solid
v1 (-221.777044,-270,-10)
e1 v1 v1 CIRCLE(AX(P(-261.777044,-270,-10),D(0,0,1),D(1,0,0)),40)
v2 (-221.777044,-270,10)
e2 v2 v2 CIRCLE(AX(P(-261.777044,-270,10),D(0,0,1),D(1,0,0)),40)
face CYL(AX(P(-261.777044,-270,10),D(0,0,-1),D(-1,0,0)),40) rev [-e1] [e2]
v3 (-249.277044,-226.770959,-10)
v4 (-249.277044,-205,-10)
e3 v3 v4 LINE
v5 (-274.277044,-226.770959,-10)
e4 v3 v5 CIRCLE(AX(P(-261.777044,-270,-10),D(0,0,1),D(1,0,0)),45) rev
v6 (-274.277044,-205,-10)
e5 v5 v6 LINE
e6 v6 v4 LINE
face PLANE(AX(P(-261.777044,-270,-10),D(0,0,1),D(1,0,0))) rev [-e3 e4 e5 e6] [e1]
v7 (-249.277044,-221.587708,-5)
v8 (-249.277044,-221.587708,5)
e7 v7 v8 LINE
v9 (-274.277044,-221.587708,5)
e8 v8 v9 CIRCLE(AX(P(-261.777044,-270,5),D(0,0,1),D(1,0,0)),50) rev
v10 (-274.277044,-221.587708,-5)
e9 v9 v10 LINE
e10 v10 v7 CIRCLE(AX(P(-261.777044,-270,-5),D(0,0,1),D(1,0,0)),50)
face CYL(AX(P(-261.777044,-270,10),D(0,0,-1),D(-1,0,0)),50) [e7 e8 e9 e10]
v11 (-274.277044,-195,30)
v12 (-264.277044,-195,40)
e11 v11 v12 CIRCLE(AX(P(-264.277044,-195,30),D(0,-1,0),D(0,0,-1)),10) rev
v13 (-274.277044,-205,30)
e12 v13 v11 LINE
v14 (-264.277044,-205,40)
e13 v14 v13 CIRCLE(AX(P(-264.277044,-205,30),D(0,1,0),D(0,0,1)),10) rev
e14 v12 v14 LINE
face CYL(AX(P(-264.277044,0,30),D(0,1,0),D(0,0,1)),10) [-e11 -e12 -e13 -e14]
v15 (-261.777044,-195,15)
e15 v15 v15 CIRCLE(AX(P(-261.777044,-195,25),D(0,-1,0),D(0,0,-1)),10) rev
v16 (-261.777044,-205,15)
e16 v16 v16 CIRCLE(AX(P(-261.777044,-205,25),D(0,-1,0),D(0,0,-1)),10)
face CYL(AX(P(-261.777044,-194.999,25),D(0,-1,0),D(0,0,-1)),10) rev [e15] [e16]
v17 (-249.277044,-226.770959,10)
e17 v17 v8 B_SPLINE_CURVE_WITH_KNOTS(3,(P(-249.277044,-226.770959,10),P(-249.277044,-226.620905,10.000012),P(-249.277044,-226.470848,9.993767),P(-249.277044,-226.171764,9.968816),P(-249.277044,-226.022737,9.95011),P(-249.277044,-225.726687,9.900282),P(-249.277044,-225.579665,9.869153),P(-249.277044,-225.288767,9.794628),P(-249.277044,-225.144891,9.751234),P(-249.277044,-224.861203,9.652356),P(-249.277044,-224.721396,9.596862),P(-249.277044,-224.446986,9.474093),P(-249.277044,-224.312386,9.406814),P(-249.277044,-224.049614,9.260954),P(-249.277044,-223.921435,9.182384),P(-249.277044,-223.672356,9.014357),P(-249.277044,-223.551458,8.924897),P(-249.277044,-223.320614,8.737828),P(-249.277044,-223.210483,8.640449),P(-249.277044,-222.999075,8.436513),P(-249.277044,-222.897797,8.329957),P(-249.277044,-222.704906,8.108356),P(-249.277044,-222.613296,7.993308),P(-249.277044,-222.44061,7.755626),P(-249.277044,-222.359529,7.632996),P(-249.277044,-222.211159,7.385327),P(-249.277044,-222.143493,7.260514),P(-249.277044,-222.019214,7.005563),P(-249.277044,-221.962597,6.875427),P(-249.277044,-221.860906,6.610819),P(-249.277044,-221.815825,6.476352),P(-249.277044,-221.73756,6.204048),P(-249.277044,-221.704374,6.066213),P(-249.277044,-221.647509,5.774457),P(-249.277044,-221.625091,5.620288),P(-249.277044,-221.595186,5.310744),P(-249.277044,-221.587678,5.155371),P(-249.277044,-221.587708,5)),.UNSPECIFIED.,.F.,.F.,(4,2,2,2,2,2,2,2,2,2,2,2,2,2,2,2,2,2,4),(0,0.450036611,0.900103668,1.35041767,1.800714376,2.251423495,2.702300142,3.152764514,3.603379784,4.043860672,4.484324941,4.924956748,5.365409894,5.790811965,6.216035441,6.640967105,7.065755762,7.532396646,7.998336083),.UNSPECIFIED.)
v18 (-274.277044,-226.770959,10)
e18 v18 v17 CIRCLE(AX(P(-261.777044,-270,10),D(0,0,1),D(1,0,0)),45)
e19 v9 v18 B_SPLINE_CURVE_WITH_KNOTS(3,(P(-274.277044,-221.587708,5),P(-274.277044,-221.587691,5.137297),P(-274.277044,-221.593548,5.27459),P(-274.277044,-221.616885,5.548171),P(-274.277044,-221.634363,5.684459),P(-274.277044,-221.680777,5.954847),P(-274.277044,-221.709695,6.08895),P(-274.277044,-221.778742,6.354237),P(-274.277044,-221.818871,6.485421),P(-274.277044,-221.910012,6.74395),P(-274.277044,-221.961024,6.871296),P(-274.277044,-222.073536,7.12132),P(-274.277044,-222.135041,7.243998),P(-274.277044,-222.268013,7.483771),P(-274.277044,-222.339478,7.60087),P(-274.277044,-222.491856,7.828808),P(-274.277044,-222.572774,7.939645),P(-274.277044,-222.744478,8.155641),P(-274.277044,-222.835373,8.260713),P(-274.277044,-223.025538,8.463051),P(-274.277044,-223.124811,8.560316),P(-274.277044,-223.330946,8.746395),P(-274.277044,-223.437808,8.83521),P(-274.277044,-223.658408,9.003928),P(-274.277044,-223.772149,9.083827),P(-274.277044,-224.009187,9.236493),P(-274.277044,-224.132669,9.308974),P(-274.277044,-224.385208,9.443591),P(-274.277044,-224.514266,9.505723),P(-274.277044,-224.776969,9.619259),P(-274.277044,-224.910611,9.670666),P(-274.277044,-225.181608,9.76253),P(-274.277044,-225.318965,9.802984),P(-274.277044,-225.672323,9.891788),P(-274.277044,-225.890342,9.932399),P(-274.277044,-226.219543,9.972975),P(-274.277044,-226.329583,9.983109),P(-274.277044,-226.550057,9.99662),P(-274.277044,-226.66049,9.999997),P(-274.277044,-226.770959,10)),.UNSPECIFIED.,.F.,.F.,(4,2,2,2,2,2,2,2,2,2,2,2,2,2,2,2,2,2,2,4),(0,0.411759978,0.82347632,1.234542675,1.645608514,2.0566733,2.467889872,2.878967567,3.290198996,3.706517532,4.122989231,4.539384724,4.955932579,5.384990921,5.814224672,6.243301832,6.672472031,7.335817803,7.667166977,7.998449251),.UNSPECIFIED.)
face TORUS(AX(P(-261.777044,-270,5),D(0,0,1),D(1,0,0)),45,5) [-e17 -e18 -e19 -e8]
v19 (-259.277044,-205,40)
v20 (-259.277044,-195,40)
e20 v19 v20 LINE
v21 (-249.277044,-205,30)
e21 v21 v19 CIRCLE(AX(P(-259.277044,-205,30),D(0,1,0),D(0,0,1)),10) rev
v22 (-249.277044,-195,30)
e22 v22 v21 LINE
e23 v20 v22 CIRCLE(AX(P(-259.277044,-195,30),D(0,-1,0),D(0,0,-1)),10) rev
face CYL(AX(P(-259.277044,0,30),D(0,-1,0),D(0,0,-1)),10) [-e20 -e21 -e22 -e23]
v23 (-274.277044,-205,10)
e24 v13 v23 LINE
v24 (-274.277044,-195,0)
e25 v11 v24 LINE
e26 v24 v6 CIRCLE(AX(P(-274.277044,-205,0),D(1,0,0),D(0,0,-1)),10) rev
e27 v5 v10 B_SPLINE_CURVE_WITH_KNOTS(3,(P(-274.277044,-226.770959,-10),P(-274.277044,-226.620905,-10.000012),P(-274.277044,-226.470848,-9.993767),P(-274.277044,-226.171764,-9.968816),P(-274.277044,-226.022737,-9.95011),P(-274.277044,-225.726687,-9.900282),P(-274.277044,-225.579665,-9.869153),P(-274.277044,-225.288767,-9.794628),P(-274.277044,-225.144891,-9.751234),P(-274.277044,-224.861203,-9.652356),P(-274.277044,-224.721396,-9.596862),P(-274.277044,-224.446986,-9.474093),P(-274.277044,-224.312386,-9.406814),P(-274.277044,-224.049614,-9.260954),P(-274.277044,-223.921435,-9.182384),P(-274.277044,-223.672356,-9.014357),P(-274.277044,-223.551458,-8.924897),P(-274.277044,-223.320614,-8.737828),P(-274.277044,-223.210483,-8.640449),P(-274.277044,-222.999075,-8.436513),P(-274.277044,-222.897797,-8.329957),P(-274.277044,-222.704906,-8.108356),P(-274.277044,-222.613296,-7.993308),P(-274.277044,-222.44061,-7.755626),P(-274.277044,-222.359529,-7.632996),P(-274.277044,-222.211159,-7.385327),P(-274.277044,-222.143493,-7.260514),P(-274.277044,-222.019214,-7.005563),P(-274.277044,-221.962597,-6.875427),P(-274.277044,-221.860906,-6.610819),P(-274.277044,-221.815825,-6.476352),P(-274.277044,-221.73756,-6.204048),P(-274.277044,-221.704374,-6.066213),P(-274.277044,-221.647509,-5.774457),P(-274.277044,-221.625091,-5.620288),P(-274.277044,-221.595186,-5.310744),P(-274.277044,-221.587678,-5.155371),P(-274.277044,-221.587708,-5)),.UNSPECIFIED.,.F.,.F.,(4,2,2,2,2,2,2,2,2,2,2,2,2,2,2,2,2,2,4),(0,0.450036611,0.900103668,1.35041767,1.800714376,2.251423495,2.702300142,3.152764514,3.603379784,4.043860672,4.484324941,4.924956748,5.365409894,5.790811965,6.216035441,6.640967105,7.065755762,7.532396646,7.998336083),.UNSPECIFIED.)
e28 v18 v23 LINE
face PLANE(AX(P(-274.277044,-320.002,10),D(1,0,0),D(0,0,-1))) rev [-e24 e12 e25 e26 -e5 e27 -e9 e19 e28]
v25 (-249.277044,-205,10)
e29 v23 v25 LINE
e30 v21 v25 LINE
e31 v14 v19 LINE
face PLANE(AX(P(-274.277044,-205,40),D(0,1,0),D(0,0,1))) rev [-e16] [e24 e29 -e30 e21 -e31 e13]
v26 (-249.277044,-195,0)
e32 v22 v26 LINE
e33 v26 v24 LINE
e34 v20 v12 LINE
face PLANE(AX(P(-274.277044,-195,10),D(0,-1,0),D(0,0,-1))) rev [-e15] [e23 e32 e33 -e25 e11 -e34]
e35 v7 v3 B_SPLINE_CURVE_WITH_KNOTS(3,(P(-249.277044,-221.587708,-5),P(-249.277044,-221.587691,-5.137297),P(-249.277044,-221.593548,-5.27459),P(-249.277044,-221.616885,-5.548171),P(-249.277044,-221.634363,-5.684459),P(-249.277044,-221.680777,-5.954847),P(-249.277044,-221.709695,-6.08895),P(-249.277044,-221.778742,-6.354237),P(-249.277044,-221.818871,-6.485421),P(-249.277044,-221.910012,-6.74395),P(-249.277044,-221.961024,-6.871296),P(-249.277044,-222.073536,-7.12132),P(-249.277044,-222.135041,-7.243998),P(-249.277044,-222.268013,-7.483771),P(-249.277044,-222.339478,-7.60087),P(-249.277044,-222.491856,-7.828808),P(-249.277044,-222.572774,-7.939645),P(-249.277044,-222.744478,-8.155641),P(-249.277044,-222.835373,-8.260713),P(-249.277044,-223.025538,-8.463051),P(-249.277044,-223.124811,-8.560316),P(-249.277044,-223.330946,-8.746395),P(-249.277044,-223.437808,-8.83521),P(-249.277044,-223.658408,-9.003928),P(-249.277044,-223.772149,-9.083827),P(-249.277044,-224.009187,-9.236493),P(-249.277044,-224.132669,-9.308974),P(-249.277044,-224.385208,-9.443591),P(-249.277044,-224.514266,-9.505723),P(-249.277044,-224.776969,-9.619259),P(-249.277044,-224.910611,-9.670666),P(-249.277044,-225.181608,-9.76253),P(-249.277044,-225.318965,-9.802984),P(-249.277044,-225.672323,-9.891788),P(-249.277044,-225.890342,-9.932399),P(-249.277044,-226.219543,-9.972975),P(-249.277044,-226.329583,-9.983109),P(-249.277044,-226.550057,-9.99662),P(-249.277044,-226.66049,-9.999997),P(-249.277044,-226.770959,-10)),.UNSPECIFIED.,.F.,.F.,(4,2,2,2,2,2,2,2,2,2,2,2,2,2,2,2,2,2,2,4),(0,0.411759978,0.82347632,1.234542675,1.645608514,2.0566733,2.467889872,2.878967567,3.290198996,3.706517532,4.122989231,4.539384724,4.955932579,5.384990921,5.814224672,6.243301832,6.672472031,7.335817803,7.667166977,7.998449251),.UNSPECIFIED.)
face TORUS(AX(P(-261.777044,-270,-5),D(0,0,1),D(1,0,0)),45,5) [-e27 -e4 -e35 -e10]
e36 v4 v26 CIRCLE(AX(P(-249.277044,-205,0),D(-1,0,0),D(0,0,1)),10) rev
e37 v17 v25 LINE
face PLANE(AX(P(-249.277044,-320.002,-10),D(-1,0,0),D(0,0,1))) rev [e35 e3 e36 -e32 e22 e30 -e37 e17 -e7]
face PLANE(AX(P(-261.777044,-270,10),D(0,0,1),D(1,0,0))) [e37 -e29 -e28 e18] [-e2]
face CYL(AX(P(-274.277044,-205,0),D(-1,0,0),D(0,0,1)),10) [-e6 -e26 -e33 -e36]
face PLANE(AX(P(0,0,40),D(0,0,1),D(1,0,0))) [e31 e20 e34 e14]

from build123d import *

# Parameters (mm, degrees)
SKETCH2_R             = 50
SKETCH2_R_2           = 40
BOSS_EXTRUDE1_DEPTH   = 10
SKETCH2_W             = 25
SKETCH2_H             = 5
BOSS_EXTRUDE1_2_DEPTH = 10
SKETCH3_W             = 25
SKETCH3_H             = 20
BOSS_EXTRUDE2_DEPTH   = 21.587708
SKETCH4_W             = 25
SKETCH4_H             = 10
BOSS_EXTRUDE3_DEPTH   = 30
CUT_EXTRUDE1_REACH    = 12
SKETCH5_R             = 10
FILLET1_R             = 10
FILLET2_R             = 10
FILLET3_R             = 5


with BuildPart() as part:
    # Sketch2 → Boss-Extrude1 (new body, symmetric)
    with BuildSketch(Plane.XY):
        with Locations((-261.777043848, -270)):
            Circle(SKETCH2_R)
        with Locations((-261.777043848, -270)):
            Circle(SKETCH2_R_2, mode=Mode.SUBTRACT)
    extrude(amount=BOSS_EXTRUDE1_DEPTH, both=True)



with BuildPart() as body_2:
    # Sketch2 → Boss-Extrude1 2 (new body, symmetric)
    with BuildSketch(Plane.XY):
        with Locations((-261.777043848, -197.5)):
            Rectangle(SKETCH2_W, SKETCH2_H)
    extrude(amount=BOSS_EXTRUDE1_2_DEPTH, both=True)


with BuildPart() as part_1:
    add(part.part)

    add(body_2.part)  # Boss-Extrude2 merges body 2
    # Sketch3 → Boss-Extrude2 (add)
    with BuildSketch(Plane.XZ.offset(200)):
        with Locations((-261.777043848, 0)):
            Rectangle(SKETCH3_W, SKETCH3_H)
    extrude(amount=BOSS_EXTRUDE2_DEPTH)

    # Sketch4 → Boss-Extrude3 (add)
    with BuildSketch(Plane.XY.offset(10)):
        with Locations((-261.777043848, -200)):
            Rectangle(SKETCH4_W, SKETCH4_H)
    extrude(amount=BOSS_EXTRUDE3_DEPTH)

    # Sketch5 → Cut-Extrude1 (cut, up to next)
    with BuildSketch(Plane.XZ.offset(205), mode=Mode.PRIVATE) as cut_extrude1_sk1:
        with Locations((-261.777043848, 25)):
            Circle(SKETCH5_R)
    cut_extrude1_tool1 = extrude(cut_extrude1_sk1.sketch, amount=-CUT_EXTRUDE1_REACH, mode=Mode.PRIVATE) & part_1.part
    add(cut_extrude1_tool1.solids().sort_by_distance((-261.777044, -205, 25))[0], mode=Mode.SUBTRACT)

    # Fillet1
    fillet1_edges = [part_1.edges().sort_by_distance(p)[0] for p in [
        (-274.277043848, -200, 40),
        (-249.277043848, -200, 40),
    ]]
    fillet(fillet1_edges, radius=FILLET1_R)

    # Fillet2
    fillet2_edges = [part_1.edges().sort_by_distance(p)[0] for p in [
        (-261.777043848, -195, -10),
    ]]
    fillet(fillet2_edges, radius=FILLET2_R)

    # Fillet3
    fillet3_edges = [part_1.edges().sort_by_distance(p)[0] for p in [
        (-261.777043848, -320, 10),
        (-261.777043848, -320, -10),
    ]]
    fillet(fillet3_edges, radius=FILLET3_R)


solid = part_1.part
